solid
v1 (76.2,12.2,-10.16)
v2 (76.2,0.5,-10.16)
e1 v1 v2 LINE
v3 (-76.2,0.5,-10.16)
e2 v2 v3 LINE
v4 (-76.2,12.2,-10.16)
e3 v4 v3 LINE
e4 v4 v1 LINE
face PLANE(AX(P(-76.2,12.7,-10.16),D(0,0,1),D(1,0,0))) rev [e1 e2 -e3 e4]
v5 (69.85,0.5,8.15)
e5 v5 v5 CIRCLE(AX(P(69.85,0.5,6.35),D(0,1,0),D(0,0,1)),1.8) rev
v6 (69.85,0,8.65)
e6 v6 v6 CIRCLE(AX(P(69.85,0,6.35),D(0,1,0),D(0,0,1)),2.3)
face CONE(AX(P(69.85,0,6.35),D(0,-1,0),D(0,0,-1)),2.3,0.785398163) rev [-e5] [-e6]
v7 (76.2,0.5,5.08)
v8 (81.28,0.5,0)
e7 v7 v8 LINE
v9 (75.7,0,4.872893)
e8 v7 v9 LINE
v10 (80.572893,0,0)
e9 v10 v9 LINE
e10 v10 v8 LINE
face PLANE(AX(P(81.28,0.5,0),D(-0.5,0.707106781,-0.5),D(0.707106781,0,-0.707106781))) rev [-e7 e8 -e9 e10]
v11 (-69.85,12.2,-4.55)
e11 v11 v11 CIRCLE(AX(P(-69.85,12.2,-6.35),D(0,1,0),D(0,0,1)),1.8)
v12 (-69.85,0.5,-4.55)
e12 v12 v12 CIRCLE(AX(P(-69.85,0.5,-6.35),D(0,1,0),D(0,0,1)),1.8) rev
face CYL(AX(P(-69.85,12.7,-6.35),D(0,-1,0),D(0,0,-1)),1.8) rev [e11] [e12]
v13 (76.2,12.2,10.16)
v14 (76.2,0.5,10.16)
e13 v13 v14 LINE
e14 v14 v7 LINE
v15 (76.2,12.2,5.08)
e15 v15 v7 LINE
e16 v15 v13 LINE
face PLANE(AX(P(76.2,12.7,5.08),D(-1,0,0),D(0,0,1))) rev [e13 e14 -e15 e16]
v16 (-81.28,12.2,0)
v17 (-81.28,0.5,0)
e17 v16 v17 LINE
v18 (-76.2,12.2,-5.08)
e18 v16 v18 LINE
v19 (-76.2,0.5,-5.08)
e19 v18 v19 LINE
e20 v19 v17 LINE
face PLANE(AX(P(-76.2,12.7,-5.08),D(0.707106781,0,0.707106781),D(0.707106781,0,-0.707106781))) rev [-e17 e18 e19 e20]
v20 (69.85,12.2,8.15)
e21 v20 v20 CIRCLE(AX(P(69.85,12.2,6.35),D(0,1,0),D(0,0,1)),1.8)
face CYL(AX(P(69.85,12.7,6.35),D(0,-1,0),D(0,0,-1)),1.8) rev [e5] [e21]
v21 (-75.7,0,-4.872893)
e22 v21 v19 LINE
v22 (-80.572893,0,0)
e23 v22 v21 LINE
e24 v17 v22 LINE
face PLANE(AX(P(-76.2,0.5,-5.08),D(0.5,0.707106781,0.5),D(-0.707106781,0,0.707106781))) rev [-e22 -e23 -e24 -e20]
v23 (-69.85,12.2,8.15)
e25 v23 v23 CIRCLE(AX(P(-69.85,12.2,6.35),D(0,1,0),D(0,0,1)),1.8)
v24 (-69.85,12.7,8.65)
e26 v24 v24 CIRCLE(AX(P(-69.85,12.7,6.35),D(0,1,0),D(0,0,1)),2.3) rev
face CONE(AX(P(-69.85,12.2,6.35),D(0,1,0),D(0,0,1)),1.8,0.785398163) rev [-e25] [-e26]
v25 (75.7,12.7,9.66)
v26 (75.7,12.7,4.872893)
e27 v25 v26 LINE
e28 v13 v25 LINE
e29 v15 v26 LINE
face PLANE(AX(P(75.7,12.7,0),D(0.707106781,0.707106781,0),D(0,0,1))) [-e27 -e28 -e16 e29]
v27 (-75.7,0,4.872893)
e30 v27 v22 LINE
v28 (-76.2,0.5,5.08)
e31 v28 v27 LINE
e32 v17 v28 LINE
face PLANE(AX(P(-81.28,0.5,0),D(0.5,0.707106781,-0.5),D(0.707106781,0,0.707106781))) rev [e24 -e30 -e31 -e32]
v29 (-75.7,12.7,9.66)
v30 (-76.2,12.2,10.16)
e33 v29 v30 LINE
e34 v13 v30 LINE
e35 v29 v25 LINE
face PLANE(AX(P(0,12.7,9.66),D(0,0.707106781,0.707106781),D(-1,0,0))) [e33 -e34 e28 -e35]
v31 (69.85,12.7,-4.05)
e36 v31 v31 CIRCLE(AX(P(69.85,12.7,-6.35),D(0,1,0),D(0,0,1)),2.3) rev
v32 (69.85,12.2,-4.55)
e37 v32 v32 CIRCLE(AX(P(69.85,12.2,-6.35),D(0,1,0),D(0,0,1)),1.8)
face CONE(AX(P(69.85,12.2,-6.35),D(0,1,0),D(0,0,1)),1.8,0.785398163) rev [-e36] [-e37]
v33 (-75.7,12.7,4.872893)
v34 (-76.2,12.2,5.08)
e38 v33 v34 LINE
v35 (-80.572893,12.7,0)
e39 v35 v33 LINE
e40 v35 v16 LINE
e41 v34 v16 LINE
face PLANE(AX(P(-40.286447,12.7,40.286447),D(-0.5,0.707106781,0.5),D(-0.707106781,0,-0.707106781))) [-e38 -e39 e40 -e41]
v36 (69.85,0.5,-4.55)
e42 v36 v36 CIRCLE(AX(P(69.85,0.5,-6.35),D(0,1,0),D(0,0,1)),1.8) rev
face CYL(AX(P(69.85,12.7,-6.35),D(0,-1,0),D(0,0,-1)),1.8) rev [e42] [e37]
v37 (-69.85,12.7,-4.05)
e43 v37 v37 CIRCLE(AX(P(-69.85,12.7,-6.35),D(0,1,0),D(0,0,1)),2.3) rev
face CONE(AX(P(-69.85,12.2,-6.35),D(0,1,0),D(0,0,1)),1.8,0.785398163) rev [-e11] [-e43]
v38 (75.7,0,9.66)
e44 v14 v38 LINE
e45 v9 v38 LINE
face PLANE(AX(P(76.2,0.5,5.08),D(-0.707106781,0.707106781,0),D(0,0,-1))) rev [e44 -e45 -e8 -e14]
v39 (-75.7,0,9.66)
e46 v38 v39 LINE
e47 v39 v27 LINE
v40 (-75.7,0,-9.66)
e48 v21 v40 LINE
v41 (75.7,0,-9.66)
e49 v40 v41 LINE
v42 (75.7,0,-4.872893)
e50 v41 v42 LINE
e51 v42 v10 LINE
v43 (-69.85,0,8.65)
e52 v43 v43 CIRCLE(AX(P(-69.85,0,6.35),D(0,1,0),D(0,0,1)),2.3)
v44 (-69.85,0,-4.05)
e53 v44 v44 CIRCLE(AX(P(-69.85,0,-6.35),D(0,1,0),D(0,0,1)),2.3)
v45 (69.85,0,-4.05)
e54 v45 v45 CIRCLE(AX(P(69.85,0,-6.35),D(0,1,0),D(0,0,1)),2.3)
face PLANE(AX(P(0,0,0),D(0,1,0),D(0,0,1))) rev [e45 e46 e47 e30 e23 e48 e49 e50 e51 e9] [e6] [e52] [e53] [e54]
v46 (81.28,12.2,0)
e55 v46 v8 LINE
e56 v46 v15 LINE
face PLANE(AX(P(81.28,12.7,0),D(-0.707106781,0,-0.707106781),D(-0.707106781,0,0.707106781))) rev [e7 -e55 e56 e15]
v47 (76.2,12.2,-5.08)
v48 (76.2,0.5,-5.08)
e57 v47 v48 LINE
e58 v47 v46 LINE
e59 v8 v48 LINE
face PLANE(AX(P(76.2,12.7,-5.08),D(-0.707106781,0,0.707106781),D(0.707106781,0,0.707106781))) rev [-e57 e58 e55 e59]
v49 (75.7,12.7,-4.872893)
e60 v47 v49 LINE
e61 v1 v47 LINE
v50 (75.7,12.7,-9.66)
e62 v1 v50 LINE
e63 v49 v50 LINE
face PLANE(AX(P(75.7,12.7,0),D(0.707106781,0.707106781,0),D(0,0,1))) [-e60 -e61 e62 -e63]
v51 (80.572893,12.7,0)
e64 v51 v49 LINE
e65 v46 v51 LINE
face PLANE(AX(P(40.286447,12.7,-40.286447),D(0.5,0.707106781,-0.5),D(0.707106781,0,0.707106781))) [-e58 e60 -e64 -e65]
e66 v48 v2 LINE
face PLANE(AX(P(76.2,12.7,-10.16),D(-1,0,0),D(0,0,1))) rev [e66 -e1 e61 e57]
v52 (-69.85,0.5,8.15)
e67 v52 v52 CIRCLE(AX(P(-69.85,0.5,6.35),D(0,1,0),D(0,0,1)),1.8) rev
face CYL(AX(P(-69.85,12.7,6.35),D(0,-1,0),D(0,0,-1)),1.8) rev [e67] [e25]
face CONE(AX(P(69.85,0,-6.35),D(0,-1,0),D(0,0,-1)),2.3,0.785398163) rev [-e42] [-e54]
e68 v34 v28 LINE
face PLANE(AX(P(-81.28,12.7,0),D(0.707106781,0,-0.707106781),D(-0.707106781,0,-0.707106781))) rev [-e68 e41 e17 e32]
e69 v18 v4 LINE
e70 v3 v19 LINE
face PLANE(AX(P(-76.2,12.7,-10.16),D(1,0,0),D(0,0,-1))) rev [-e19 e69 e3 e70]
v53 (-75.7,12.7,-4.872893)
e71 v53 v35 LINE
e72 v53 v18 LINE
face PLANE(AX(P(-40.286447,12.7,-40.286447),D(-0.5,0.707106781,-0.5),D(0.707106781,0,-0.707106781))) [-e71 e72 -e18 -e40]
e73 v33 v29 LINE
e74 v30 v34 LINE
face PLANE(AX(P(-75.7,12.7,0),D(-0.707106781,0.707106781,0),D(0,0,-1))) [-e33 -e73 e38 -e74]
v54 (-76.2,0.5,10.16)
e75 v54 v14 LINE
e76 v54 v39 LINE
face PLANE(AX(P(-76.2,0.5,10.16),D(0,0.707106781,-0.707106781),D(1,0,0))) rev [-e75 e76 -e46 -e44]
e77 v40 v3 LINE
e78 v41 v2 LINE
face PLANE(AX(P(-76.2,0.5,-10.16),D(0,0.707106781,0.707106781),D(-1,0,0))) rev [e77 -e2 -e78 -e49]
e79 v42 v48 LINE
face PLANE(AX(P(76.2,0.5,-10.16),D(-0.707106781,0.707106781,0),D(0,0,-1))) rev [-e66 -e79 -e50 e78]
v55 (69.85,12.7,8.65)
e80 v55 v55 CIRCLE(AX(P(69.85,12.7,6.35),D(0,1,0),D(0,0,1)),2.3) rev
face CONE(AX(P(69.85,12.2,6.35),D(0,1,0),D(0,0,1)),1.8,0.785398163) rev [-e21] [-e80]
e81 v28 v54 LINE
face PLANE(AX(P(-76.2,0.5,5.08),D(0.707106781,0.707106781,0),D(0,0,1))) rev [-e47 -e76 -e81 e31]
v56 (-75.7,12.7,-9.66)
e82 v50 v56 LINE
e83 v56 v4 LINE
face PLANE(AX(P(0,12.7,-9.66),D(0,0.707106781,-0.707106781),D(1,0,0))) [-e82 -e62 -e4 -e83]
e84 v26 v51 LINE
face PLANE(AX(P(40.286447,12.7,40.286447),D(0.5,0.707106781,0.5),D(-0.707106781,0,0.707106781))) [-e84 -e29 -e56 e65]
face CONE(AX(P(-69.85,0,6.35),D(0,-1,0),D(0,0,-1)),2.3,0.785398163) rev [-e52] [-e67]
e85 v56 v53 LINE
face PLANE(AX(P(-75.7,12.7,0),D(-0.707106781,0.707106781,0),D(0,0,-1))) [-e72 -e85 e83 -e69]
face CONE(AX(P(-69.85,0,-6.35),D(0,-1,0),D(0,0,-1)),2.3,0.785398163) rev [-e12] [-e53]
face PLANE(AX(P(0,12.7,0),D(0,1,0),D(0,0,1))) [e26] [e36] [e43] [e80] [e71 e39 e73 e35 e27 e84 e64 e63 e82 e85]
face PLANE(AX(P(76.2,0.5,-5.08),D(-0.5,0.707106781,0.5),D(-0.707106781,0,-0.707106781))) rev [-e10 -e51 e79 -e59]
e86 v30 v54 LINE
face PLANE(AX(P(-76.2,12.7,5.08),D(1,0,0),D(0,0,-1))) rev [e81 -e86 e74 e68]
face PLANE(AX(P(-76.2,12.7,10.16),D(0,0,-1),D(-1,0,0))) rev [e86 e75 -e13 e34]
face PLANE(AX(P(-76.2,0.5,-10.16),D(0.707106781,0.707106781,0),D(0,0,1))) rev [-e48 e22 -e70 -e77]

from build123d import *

# Parameters (mm, degrees)
SKETCH1_R           = 1.8
BOSS_EXTRUDE1_DEPTH = 12.7
CHAMFER1_SIZE       = 0.5


with BuildPart() as part:
    # Sketch1 → Boss-Extrude1 (new body)
    with BuildSketch(Plane(origin=(0, 0, 0), x_dir=(1, 0, 0), z_dir=(0, 1, 0))):
        Polygon((-76.2, 5.08), (-81.28, 0), (-76.2, -5.08), (-76.2, -10.16), (76.2, -10.16), (76.2, -5.08), (81.28, 0), (76.2, 5.08), (76.2, 10.16), (-76.2, 10.16), align=None)
        with Locations(Location((-69.85, 6.35, 0), (0, 0, 270))):
            Circle(SKETCH1_R, mode=Mode.SUBTRACT)
        with Locations(Location((-69.85, -6.35, 0), (0, 0, 90))):
            Circle(SKETCH1_R, mode=Mode.SUBTRACT)
        with Locations(Location((69.85, -6.35, 0), (0, 0, 270))):
            Circle(SKETCH1_R, mode=Mode.SUBTRACT)
        with Locations(Location((69.85, 6.35, 0), (0, 0, 90))):
            Circle(SKETCH1_R, mode=Mode.SUBTRACT)
    extrude(amount=BOSS_EXTRUDE1_DEPTH)

    # Chamfer1
    chamfer1_edges = [part.edges().sort_by_distance(p)[0] for p in [
        (0, 0, 10.16),
        (-76.2, 0, 7.62),
        (-78.74, 0, 2.54),
        (-78.74, 0, -2.54),
        (-76.2, 0, -7.62),
        (0, 0, -10.16),
        (76.2, 0, -7.62),
        (78.74, 12.7, -2.54),
        (78.74, 0, -2.54),
        (78.74, 0, 2.54),
        (76.2, 0, 7.62),
        (76.2, 12.7, -7.62),
        (0, 12.7, -10.16),
        (-76.2, 12.7, -7.62),
        (-69.85, 0, -8.15),
        (-69.85, 12.7, -8.15),
        (-78.74, 12.7, -2.54),
        (-69.85, 0, 8.15),
        (-69.85, 12.7, 8.15),
        (-78.74, 12.7, 2.54),
        (69.85, 0, 4.55),
        (69.85, 12.7, 4.55),
        (-76.2, 12.7, 7.62),
        (69.85, 0, -4.55),
        (69.85, 12.7, -4.55),
        (0, 12.7, 10.16),
        (76.2, 12.7, 7.62),
        (78.74, 12.7, 2.54),
    ]]
    chamfer(chamfer1_edges, length=CHAMFER1_SIZE)


solid = part.part
